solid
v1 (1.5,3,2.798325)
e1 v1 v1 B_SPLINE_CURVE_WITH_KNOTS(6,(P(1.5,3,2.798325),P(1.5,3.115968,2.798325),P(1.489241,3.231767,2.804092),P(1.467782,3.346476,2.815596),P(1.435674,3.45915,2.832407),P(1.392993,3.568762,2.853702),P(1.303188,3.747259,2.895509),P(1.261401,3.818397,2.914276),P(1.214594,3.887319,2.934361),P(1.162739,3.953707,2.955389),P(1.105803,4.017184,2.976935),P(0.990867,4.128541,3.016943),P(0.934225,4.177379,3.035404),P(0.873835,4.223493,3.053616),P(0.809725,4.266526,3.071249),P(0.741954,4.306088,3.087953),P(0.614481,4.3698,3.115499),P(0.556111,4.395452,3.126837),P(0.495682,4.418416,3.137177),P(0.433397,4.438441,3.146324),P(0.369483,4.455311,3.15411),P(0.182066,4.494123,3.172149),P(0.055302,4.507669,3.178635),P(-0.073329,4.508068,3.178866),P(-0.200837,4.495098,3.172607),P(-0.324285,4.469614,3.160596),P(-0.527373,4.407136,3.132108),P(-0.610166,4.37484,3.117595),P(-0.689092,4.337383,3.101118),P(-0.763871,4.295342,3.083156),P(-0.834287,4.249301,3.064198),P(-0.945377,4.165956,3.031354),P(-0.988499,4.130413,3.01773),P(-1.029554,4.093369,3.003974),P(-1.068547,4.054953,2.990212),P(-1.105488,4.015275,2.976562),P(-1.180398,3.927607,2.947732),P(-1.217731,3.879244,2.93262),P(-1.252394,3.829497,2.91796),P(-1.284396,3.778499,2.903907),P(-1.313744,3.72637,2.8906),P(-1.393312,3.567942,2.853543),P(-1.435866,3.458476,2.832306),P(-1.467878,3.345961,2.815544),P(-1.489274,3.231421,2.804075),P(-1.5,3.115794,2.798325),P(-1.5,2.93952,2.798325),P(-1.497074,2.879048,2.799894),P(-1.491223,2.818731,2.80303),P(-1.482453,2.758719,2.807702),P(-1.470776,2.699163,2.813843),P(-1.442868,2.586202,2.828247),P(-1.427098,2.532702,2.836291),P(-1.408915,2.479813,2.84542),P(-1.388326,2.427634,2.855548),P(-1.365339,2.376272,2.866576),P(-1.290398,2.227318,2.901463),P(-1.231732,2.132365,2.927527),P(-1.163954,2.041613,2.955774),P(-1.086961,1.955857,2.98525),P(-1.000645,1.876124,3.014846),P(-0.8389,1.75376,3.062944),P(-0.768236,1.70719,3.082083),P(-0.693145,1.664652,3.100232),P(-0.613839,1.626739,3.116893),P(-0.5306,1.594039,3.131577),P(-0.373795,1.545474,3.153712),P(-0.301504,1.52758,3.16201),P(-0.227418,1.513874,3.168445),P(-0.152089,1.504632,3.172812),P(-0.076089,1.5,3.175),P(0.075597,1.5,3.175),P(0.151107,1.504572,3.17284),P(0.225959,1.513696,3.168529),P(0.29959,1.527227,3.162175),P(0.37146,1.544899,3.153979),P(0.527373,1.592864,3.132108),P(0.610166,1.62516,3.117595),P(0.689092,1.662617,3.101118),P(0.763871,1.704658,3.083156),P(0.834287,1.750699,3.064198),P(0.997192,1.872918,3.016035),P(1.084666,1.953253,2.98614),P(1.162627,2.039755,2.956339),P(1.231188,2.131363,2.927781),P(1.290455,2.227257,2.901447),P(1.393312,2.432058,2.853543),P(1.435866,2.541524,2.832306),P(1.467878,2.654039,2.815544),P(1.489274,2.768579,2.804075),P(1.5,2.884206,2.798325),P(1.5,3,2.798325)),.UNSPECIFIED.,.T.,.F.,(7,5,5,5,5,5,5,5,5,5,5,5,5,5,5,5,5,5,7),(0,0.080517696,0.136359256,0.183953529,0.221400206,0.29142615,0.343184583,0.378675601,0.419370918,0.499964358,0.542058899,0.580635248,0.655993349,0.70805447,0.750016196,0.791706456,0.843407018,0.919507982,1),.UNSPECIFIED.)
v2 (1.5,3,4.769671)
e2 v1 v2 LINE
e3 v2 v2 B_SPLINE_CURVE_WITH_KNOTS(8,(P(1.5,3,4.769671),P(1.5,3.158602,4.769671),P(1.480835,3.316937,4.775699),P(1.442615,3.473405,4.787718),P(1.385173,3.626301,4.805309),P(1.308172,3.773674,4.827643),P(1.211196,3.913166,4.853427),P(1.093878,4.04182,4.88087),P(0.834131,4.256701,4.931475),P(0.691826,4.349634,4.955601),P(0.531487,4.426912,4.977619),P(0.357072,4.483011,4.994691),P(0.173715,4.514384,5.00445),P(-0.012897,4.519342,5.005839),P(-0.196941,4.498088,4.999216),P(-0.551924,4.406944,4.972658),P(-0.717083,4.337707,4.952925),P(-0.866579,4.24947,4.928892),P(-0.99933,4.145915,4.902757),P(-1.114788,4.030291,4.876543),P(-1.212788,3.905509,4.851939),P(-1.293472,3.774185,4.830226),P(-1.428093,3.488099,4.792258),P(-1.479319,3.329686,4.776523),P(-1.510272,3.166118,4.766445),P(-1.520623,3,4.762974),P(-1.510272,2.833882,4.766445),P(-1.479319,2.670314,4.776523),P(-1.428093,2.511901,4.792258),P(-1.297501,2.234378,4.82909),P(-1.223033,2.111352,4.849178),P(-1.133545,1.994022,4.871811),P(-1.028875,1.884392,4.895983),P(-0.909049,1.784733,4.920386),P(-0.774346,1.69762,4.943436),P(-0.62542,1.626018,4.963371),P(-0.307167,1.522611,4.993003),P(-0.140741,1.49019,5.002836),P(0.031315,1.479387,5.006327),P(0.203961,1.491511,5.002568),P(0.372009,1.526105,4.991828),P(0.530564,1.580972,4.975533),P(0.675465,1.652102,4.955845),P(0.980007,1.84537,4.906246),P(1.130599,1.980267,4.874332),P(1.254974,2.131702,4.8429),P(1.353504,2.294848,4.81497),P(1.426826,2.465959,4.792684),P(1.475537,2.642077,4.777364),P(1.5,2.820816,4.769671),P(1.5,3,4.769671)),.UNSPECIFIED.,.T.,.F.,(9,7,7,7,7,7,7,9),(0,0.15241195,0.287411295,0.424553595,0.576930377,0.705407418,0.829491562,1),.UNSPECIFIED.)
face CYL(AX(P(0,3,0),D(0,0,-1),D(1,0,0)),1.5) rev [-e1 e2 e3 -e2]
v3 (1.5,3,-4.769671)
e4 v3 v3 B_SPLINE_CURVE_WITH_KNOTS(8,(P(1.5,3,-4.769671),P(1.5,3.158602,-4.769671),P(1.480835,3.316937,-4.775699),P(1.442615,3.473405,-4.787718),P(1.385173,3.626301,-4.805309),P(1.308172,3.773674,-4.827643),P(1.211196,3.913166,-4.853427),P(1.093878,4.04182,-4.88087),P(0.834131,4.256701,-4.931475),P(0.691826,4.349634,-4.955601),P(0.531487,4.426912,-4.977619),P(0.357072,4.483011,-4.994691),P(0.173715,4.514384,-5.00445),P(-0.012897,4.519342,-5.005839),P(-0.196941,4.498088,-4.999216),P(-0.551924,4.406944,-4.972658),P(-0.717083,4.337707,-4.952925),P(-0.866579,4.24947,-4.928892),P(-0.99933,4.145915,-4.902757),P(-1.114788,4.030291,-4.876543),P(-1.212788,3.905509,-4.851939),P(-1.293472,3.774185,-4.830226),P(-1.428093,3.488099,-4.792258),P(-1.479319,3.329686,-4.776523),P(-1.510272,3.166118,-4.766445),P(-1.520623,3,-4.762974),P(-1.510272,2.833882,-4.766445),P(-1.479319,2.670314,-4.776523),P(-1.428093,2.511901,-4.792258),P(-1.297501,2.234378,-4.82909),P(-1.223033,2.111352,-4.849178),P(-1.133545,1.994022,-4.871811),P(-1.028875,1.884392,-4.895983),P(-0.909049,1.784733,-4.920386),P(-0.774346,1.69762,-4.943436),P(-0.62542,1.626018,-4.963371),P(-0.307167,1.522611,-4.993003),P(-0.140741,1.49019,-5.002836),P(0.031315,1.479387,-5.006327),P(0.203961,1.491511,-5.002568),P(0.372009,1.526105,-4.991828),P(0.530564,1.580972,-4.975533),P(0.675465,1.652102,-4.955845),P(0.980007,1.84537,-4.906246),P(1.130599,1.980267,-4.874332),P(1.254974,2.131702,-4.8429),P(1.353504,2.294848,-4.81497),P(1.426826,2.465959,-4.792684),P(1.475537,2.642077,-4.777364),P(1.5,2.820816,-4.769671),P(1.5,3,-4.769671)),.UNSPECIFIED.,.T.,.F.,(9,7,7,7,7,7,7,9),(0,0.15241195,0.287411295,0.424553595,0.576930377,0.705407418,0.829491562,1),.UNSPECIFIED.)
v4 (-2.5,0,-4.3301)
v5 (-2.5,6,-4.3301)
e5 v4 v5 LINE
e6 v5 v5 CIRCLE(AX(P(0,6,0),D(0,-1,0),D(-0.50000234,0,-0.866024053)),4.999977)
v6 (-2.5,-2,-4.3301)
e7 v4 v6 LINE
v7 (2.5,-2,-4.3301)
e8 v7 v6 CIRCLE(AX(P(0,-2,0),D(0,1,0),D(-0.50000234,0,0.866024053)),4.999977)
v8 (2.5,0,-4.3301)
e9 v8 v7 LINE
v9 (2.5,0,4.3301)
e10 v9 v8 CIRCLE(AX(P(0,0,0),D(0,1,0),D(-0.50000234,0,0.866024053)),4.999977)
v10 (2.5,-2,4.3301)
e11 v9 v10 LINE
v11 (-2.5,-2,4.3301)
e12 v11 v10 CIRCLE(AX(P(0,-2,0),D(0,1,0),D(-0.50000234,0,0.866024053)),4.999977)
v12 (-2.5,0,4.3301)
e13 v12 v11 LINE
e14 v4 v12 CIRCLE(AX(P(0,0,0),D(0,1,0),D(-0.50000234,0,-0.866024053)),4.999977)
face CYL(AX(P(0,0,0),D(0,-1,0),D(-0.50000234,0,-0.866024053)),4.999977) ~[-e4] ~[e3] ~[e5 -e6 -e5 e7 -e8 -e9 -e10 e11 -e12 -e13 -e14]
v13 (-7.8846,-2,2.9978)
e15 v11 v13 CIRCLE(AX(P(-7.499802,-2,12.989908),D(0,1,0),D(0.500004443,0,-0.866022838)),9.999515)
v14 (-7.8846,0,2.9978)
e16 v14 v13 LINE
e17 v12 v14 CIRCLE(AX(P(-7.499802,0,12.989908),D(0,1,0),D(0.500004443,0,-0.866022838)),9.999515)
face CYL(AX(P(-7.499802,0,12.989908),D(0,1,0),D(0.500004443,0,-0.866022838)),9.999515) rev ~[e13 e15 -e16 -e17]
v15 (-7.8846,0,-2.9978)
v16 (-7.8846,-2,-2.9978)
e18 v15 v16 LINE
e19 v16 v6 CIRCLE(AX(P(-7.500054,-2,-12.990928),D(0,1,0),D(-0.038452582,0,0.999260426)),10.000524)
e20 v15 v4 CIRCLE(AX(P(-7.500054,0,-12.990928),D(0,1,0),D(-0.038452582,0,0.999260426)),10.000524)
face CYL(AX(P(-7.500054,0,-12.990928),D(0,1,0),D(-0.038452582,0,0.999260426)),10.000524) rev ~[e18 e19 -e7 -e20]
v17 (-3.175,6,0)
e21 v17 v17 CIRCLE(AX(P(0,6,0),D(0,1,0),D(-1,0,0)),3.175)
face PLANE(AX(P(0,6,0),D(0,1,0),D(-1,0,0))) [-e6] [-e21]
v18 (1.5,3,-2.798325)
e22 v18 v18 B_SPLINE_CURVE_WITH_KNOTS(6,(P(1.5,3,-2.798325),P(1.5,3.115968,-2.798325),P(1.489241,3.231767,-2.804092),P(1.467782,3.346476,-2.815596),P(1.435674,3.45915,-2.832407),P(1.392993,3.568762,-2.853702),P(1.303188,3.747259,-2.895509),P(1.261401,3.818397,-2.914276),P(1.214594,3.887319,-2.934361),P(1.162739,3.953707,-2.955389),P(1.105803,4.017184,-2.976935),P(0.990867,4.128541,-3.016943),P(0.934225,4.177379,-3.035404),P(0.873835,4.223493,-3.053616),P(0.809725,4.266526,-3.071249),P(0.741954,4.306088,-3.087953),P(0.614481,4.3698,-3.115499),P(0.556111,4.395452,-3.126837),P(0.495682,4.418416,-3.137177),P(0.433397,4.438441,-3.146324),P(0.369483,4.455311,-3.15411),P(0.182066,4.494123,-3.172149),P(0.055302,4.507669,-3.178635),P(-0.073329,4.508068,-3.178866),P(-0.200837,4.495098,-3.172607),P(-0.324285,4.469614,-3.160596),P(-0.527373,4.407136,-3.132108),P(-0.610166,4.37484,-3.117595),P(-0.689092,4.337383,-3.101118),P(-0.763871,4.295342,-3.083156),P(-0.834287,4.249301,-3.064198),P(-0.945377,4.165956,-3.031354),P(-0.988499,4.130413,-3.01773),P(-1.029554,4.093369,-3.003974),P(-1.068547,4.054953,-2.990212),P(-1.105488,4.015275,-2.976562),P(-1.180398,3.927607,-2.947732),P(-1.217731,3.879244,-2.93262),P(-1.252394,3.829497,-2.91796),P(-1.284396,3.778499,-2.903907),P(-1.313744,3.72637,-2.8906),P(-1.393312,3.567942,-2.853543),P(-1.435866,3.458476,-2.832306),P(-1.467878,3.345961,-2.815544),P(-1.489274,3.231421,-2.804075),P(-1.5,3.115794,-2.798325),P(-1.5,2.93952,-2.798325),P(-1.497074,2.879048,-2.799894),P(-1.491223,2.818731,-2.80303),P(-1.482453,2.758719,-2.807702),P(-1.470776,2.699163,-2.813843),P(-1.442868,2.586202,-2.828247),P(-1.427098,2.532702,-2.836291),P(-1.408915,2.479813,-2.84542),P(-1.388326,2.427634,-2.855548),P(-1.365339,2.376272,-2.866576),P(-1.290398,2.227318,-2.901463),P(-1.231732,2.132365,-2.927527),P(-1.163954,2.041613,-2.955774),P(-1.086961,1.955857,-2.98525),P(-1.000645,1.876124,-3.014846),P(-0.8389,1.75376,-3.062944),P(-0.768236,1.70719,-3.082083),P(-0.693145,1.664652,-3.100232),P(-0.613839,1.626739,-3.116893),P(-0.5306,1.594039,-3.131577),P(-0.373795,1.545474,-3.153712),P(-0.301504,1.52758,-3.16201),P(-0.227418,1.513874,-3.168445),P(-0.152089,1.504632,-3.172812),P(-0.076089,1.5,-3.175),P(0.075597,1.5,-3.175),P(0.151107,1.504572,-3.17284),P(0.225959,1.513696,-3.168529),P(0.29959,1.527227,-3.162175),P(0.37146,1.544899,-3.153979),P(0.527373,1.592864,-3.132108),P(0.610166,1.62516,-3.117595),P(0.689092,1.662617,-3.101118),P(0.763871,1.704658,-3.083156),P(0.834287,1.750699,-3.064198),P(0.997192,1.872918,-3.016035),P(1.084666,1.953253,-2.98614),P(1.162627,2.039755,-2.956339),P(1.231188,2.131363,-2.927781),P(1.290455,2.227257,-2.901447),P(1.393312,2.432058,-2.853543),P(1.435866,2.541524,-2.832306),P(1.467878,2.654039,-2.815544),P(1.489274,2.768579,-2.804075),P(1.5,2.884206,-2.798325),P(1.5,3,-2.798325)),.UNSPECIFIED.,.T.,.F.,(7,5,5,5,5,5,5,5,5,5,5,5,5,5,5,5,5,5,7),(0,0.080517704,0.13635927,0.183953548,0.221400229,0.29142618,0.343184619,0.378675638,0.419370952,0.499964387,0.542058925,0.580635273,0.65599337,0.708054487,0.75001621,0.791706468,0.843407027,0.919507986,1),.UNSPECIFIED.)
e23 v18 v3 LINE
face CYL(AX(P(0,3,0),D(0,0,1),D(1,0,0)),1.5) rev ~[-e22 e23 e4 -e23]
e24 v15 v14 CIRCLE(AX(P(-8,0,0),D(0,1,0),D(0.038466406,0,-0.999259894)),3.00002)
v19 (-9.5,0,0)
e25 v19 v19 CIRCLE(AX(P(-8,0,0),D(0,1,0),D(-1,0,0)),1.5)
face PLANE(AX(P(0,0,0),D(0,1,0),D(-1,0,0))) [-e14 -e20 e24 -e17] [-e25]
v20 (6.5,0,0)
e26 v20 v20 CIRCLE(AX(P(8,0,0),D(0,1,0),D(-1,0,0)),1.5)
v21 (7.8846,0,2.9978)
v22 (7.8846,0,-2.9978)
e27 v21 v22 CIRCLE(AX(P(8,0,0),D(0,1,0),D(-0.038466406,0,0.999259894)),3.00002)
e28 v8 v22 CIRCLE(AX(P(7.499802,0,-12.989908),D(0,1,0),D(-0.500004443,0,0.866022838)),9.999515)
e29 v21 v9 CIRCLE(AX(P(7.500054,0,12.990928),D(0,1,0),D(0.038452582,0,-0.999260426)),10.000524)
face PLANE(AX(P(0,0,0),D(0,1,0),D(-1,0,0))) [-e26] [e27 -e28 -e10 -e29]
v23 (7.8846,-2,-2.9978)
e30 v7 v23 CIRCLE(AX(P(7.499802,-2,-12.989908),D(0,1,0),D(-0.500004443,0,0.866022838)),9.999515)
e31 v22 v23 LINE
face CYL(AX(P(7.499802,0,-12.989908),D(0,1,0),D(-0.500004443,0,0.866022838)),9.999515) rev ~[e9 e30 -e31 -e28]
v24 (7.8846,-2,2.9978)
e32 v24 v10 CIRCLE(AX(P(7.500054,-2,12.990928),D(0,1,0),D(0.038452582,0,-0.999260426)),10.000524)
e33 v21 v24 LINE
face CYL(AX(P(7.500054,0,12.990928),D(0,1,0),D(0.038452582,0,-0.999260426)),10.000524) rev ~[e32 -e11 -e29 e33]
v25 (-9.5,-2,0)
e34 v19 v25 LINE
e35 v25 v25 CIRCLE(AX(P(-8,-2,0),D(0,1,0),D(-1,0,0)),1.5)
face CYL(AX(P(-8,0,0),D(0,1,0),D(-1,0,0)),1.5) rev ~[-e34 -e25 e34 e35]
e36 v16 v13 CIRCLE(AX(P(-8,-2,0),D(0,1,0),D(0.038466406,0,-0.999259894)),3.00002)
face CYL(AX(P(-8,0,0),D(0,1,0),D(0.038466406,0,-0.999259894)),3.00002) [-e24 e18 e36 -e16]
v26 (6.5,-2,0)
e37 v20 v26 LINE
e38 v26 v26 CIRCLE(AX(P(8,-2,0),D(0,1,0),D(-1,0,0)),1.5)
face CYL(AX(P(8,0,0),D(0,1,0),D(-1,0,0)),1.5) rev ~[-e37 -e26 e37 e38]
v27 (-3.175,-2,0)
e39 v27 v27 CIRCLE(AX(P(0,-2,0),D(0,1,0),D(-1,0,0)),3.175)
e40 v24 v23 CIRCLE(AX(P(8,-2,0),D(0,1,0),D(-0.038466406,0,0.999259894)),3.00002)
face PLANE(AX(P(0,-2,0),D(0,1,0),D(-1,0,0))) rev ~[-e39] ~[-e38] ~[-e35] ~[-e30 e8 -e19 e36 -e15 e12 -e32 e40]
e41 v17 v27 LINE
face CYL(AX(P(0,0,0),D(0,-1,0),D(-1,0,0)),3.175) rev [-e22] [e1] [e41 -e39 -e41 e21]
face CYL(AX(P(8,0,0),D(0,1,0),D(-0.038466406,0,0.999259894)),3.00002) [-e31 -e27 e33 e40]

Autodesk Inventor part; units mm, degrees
ref_plane "YZ Plane" through (0, 0, 0) normal (1, 0, 0) x (0, 1, 0)
ref_plane "XZ Plane" through (0, 0, 0) normal (0, 1, 0) x (-1, 0, 0)
sketch "Sketch1" plane through (0, 0, 0) normal (0, 1, 0) x (-1, 0, 0)
  circle A0 centre (0, 0) radius 3.175
  arc A1 (2.5, 4.3301) -> (2.5, -4.3301) centre (0, 0) ccw
  circle A2 centre (8, 0) radius 1.5
  circle A3 centre (-8, 0) radius 1.5
  arc A4 (-7.8846, 2.9978) -> (-7.8846, -2.9978) centre (-8, 0) ccw
  arc A5 (-2.5, -4.3301) -> (-7.8846, -2.9978) centre (-7.5, -12.9904) ccw
  arc A6 (-7.8846, 2.9978) -> (-2.5, 4.3301) centre (-7.5, 12.9904) ccw
  line L0 (0, 0) -> (0, -5) construction
  arc A7 (7.8846, -2.9978) -> (7.8846, 2.9978) centre (8, 0) ccw
  arc A8 (7.8846, -2.9978) -> (2.5, -4.3301) centre (7.5, -12.9904) ccw
  arc A9 (2.5, 4.3301) -> (7.8846, 2.9978) centre (7.5, 12.9904) ccw
  arc A10 (2.5, -4.3301) -> (2.5, 4.3301) centre (0, 0) ccw
  dimension "d0" = 6.35
  dimension "d1" = 10
  dimension "d2" = 3
  dimension "d3" = 3
  dimension "d4" = 8
  dimension "d5" = 8
  dimension "d6" = 3
  dimension "d14" = 10
extrude "Extrusion1" add sketch "Sketch1" against normal blind 2
extrude "Extrusion2" add sketch "Sketch1" along normal blind 6 contours A10 A1
sketch "Sketch2" plane through (0, 0, 0) normal (0, 0, 1) x (1, 0, 0)
  circle A0 centre (0, 3) radius 1.5
  line L0 (5, 6) -> (5, 0) projected
  point P0 (0, 0)
  point P1 (5, 3)
  dimension "d11" = 3
extrude "Extrusion3" cut sketch "Sketch2" along normal through all both and the other way through all
ref_plane "Work Plane1" through (0, 0, 5) normal (0, 0, 1) x (1, 0, 0)
properties part number "EncoderWheelAdapter" material "ABS Plastic"
